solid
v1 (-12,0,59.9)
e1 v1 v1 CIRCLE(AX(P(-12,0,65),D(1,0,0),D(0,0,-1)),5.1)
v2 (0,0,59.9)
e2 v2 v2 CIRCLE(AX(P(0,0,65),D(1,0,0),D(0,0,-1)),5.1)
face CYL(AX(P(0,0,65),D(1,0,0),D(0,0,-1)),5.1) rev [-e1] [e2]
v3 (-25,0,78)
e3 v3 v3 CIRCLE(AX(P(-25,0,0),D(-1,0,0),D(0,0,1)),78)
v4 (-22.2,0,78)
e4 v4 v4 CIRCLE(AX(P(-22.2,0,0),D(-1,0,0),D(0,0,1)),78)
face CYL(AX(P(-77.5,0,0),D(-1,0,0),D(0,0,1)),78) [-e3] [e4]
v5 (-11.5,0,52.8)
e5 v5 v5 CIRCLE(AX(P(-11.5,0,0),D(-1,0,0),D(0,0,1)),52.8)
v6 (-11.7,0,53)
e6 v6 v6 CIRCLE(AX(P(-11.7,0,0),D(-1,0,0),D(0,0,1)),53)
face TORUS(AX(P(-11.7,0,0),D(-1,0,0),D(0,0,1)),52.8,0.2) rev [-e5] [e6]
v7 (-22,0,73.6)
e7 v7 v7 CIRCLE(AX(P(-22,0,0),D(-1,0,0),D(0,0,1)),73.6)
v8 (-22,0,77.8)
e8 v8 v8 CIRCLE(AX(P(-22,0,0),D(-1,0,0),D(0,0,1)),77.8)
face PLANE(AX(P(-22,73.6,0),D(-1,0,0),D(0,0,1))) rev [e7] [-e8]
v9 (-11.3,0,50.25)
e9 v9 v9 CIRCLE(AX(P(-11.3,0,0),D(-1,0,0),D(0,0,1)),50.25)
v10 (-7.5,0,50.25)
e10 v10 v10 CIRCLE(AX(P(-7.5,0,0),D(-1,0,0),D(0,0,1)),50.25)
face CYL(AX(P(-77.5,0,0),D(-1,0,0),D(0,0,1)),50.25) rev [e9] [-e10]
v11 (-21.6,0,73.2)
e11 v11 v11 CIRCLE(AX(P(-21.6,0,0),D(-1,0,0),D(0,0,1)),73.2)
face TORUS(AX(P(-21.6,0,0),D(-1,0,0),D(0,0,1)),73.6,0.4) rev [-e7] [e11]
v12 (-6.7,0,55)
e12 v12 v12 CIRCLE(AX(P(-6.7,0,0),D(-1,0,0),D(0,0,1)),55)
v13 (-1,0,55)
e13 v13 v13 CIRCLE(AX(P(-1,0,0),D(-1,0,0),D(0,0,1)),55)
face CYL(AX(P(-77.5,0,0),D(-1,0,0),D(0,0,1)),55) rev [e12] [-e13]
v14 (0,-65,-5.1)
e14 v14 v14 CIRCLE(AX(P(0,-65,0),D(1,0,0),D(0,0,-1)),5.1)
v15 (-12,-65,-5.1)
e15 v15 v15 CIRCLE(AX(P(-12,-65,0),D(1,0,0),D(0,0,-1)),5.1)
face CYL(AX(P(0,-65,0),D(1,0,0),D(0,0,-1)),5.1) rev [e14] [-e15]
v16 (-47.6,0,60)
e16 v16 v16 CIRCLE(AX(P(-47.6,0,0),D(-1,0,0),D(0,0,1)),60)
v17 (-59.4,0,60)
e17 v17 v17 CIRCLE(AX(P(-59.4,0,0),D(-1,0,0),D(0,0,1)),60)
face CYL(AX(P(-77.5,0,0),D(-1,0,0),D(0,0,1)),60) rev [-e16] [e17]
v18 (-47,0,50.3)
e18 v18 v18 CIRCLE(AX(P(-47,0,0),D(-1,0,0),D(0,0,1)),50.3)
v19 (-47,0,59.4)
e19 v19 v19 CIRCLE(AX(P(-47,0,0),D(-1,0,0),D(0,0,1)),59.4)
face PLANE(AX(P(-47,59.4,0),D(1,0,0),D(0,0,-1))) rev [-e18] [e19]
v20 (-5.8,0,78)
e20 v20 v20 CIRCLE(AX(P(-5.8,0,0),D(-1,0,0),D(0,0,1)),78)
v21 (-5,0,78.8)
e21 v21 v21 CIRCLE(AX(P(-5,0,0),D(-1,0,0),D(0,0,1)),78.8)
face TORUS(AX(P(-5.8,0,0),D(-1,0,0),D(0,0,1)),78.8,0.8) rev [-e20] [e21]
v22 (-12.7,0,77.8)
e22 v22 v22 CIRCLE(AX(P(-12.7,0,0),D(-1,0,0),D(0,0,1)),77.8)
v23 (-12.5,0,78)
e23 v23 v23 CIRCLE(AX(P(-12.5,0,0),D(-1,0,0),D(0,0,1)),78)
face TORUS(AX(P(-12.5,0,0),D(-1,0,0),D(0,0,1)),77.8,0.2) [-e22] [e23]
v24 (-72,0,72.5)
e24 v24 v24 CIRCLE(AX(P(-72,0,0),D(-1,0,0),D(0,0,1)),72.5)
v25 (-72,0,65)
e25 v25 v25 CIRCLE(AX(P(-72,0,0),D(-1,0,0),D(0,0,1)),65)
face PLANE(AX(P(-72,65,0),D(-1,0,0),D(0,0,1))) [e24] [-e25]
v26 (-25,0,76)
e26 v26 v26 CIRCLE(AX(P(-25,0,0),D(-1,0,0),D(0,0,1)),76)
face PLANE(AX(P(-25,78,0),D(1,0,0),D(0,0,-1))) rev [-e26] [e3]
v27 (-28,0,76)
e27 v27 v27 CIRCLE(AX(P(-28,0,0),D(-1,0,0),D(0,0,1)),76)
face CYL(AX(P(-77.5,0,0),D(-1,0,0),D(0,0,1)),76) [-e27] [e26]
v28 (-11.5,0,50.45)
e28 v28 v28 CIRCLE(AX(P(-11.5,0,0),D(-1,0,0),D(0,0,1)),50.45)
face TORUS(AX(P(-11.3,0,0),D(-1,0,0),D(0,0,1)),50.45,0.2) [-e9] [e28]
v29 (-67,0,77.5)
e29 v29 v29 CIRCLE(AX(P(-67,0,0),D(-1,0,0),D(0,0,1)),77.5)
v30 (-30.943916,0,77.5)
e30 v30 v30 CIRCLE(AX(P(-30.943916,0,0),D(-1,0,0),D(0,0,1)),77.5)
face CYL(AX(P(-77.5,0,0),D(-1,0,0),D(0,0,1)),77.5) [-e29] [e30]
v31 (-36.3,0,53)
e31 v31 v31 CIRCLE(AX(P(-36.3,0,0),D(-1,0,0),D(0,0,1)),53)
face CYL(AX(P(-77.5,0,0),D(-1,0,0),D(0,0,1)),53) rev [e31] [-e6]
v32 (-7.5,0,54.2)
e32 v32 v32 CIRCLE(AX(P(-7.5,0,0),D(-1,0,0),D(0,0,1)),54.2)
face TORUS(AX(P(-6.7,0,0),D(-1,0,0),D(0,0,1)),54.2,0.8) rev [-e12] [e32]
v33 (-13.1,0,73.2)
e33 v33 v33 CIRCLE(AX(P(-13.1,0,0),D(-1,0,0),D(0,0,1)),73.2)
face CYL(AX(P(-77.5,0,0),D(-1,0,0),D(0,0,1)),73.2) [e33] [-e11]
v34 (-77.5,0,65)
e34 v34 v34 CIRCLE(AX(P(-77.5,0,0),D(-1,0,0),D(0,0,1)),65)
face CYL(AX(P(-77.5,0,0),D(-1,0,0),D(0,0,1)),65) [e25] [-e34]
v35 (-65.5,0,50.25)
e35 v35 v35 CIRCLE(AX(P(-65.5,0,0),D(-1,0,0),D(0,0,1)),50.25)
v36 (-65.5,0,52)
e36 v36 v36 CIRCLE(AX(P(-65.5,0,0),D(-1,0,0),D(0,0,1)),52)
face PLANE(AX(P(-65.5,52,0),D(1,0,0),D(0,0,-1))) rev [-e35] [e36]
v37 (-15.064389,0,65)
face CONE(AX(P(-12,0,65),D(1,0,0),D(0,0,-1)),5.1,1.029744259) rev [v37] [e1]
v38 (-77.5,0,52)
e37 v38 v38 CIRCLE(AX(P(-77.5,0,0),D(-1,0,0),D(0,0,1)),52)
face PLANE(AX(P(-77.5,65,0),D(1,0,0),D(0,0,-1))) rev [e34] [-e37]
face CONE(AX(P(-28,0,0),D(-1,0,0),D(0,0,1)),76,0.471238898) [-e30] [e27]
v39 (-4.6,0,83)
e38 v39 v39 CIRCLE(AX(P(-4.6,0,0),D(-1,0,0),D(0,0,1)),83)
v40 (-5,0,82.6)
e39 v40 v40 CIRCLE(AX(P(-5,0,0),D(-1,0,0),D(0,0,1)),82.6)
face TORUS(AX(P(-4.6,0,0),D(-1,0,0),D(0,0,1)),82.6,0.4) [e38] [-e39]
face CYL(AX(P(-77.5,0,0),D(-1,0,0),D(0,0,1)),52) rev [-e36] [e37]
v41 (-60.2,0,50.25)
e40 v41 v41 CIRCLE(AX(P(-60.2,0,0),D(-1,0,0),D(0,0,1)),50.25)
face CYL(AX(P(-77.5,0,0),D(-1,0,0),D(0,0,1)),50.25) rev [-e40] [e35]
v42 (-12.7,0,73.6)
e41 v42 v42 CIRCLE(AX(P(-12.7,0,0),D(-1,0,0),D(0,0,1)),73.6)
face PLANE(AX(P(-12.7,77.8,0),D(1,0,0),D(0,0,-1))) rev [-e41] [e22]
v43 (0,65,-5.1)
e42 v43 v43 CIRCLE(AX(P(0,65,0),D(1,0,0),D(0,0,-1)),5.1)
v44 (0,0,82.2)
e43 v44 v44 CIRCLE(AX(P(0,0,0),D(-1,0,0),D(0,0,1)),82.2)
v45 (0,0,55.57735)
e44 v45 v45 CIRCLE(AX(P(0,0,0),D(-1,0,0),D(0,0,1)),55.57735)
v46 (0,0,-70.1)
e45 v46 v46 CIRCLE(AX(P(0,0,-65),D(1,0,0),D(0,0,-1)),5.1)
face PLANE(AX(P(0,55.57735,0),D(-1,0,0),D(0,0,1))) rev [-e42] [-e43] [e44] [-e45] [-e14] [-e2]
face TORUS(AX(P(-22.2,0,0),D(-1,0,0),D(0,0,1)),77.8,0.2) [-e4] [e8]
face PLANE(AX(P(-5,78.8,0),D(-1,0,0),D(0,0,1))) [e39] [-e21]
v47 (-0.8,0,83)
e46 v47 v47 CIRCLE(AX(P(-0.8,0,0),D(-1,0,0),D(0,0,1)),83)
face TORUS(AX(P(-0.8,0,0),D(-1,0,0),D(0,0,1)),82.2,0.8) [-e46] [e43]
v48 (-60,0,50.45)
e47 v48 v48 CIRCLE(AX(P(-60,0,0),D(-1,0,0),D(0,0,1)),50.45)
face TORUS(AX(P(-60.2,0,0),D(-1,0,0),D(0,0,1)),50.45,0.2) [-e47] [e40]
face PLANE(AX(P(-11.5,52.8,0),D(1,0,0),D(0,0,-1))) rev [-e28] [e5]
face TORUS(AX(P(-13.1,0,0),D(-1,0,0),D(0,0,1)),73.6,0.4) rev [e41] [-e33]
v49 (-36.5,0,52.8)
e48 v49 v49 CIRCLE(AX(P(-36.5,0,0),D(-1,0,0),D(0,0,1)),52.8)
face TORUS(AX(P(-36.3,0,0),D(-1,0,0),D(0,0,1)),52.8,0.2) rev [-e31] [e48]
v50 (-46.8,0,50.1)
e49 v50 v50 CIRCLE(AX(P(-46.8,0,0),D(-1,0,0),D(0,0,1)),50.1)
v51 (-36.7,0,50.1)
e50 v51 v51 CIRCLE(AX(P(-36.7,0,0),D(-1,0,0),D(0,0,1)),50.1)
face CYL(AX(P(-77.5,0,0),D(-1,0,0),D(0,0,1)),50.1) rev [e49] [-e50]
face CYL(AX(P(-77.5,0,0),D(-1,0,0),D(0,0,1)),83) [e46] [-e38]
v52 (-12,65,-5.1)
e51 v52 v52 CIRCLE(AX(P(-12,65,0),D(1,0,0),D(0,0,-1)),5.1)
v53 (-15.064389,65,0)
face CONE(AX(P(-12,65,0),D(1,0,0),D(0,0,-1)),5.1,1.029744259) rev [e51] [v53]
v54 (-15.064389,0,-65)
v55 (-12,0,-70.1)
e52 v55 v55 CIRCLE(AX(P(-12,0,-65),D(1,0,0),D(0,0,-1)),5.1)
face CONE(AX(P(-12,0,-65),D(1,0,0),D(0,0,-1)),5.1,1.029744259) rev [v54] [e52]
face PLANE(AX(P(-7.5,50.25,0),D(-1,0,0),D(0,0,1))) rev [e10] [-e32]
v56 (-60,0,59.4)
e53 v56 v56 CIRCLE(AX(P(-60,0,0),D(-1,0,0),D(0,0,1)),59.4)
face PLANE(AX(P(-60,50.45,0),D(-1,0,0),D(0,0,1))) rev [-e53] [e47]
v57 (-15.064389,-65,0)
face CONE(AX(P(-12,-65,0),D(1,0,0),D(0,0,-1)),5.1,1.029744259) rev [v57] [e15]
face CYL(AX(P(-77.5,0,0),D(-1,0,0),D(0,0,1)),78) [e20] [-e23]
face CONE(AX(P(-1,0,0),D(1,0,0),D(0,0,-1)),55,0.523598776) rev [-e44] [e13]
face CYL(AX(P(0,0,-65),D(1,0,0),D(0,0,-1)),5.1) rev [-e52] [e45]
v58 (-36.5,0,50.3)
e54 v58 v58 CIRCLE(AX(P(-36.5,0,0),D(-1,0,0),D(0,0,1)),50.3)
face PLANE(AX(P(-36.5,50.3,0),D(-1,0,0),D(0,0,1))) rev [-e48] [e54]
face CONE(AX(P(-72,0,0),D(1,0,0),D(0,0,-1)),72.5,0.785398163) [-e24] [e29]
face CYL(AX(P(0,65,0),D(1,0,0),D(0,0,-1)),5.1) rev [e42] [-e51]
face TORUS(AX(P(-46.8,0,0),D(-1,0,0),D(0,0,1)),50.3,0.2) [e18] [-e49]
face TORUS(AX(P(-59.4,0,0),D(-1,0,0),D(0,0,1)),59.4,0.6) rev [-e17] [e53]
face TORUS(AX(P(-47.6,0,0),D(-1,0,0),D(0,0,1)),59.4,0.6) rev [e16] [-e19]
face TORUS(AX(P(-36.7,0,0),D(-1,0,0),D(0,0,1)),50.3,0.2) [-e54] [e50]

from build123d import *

# Parameters (mm, degrees)
F_4_STK_10_2_X_12_HULLER_D     = 10.2
F_4_STK_10_2_X_12_HULLER_DEPTH = 12
F_4_STK_10_2_X_12_HULLER_TIP   = 3.064389157


with BuildPart() as part:
    # Sketch1 → Base-Revolve (revolve)
    with BuildSketch(Plane.XY):
        with BuildLine():
            Line((0, 55.577350269), (0, 82.2))
            ThreePointArc((0, 82.2), (-0.234314575, 82.765685425), (-0.8, 83))
            Line((-0.8, 83), (-4.6, 83))
            ThreePointArc((-4.6, 83), (-4.882842712, 82.882842712), (-5, 82.6))
            Line((-5, 82.6), (-5, 78.8))
            ThreePointArc((-5, 78.8), (-5.234314575, 78.234314575), (-5.8, 78))
            Line((-5.8, 78), (-12.5, 78))
            ThreePointArc((-12.5, 78), (-12.641421356, 77.941421356), (-12.7, 77.8))
            Line((-12.7, 77.8), (-12.7, 73.6))
            ThreePointArc((-12.7, 73.6), (-12.817157288, 73.317157288), (-13.1, 73.2))
            Line((-13.1, 73.2), (-21.6, 73.2))
            ThreePointArc((-21.6, 73.2), (-21.882842712, 73.317157288), (-22, 73.6))
            Line((-22, 73.6), (-22, 77.8))
            ThreePointArc((-22, 77.8), (-22.058578644, 77.941421356), (-22.2, 78))
            Line((-22.2, 78), (-25, 78))
            Line((-25, 78), (-25, 76))
            Line((-25, 76), (-28, 76))
            Line((-28, 76), (-30.943915758, 77.5))
            Line((-30.943915758, 77.5), (-67, 77.5))
            Line((-67, 77.5), (-72, 72.5))
            Line((-72, 72.5), (-72, 65))
            Line((-72, 65), (-77.5, 65))
            Line((-77.5, 65), (-77.5, 52))
            Line((-77.5, 52), (-65.5, 52))
            Line((-65.5, 52), (-65.5, 50.25))
            Line((-65.5, 50.25), (-60.2, 50.25))
            ThreePointArc((-60.2, 50.25), (-60.058578644, 50.308578644), (-60, 50.45))
            Line((-60, 50.45), (-60, 59.4))
            ThreePointArc((-60, 59.4), (-59.824264069, 59.824264069), (-59.4, 60))
            Line((-59.4, 60), (-47.6, 60))
            ThreePointArc((-47.6, 60), (-47.175735931, 59.824264069), (-47, 59.4))
            Line((-47, 59.4), (-47, 50.3))
            ThreePointArc((-47, 50.3), (-46.941421356, 50.158578644), (-46.8, 50.1))
            Line((-46.8, 50.1), (-36.7, 50.1))
            ThreePointArc((-36.7, 50.1), (-36.558578644, 50.158578644), (-36.5, 50.3))
            Line((-36.5, 50.3), (-36.5, 52.8))
            ThreePointArc((-36.5, 52.8), (-36.441421356, 52.941421356), (-36.3, 53))
            Line((-36.3, 53), (-11.7, 53))
            ThreePointArc((-11.7, 53), (-11.558578644, 52.941421356), (-11.5, 52.8))
            Line((-11.5, 52.8), (-11.5, 50.45))
            ThreePointArc((-11.5, 50.45), (-11.441421356, 50.308578644), (-11.3, 50.25))
            Line((-11.3, 50.25), (-7.5, 50.25))
            Line((-7.5, 50.25), (-7.5, 54.2))
            ThreePointArc((-7.5, 54.2), (-7.265685425, 54.765685425), (-6.7, 55))
            Line((-6.7, 55), (-1, 55))
            Line((-1, 55), (0, 55.577350269))
        make_face()
    revolve(axis=Axis((-77.5, 0, 0), (1, 0, 0)))

    # 4 stk ø10.2 x 12 huller
    with Locations(Plane(origin=(0, 0, 0), x_dir=(0, 0, -1), z_dir=(1, 0, 0))):
        with Locations((0, 65), (65, 0), (0, -65), (-65, 0)):
            Hole(F_4_STK_10_2_X_12_HULLER_D / 2, depth=F_4_STK_10_2_X_12_HULLER_DEPTH)
            with Locations((0, 0, -(F_4_STK_10_2_X_12_HULLER_DEPTH + F_4_STK_10_2_X_12_HULLER_TIP / 2))):  # 118° drill point
                Cone(0, F_4_STK_10_2_X_12_HULLER_D / 2, F_4_STK_10_2_X_12_HULLER_TIP, mode=Mode.SUBTRACT)


solid = part.part
